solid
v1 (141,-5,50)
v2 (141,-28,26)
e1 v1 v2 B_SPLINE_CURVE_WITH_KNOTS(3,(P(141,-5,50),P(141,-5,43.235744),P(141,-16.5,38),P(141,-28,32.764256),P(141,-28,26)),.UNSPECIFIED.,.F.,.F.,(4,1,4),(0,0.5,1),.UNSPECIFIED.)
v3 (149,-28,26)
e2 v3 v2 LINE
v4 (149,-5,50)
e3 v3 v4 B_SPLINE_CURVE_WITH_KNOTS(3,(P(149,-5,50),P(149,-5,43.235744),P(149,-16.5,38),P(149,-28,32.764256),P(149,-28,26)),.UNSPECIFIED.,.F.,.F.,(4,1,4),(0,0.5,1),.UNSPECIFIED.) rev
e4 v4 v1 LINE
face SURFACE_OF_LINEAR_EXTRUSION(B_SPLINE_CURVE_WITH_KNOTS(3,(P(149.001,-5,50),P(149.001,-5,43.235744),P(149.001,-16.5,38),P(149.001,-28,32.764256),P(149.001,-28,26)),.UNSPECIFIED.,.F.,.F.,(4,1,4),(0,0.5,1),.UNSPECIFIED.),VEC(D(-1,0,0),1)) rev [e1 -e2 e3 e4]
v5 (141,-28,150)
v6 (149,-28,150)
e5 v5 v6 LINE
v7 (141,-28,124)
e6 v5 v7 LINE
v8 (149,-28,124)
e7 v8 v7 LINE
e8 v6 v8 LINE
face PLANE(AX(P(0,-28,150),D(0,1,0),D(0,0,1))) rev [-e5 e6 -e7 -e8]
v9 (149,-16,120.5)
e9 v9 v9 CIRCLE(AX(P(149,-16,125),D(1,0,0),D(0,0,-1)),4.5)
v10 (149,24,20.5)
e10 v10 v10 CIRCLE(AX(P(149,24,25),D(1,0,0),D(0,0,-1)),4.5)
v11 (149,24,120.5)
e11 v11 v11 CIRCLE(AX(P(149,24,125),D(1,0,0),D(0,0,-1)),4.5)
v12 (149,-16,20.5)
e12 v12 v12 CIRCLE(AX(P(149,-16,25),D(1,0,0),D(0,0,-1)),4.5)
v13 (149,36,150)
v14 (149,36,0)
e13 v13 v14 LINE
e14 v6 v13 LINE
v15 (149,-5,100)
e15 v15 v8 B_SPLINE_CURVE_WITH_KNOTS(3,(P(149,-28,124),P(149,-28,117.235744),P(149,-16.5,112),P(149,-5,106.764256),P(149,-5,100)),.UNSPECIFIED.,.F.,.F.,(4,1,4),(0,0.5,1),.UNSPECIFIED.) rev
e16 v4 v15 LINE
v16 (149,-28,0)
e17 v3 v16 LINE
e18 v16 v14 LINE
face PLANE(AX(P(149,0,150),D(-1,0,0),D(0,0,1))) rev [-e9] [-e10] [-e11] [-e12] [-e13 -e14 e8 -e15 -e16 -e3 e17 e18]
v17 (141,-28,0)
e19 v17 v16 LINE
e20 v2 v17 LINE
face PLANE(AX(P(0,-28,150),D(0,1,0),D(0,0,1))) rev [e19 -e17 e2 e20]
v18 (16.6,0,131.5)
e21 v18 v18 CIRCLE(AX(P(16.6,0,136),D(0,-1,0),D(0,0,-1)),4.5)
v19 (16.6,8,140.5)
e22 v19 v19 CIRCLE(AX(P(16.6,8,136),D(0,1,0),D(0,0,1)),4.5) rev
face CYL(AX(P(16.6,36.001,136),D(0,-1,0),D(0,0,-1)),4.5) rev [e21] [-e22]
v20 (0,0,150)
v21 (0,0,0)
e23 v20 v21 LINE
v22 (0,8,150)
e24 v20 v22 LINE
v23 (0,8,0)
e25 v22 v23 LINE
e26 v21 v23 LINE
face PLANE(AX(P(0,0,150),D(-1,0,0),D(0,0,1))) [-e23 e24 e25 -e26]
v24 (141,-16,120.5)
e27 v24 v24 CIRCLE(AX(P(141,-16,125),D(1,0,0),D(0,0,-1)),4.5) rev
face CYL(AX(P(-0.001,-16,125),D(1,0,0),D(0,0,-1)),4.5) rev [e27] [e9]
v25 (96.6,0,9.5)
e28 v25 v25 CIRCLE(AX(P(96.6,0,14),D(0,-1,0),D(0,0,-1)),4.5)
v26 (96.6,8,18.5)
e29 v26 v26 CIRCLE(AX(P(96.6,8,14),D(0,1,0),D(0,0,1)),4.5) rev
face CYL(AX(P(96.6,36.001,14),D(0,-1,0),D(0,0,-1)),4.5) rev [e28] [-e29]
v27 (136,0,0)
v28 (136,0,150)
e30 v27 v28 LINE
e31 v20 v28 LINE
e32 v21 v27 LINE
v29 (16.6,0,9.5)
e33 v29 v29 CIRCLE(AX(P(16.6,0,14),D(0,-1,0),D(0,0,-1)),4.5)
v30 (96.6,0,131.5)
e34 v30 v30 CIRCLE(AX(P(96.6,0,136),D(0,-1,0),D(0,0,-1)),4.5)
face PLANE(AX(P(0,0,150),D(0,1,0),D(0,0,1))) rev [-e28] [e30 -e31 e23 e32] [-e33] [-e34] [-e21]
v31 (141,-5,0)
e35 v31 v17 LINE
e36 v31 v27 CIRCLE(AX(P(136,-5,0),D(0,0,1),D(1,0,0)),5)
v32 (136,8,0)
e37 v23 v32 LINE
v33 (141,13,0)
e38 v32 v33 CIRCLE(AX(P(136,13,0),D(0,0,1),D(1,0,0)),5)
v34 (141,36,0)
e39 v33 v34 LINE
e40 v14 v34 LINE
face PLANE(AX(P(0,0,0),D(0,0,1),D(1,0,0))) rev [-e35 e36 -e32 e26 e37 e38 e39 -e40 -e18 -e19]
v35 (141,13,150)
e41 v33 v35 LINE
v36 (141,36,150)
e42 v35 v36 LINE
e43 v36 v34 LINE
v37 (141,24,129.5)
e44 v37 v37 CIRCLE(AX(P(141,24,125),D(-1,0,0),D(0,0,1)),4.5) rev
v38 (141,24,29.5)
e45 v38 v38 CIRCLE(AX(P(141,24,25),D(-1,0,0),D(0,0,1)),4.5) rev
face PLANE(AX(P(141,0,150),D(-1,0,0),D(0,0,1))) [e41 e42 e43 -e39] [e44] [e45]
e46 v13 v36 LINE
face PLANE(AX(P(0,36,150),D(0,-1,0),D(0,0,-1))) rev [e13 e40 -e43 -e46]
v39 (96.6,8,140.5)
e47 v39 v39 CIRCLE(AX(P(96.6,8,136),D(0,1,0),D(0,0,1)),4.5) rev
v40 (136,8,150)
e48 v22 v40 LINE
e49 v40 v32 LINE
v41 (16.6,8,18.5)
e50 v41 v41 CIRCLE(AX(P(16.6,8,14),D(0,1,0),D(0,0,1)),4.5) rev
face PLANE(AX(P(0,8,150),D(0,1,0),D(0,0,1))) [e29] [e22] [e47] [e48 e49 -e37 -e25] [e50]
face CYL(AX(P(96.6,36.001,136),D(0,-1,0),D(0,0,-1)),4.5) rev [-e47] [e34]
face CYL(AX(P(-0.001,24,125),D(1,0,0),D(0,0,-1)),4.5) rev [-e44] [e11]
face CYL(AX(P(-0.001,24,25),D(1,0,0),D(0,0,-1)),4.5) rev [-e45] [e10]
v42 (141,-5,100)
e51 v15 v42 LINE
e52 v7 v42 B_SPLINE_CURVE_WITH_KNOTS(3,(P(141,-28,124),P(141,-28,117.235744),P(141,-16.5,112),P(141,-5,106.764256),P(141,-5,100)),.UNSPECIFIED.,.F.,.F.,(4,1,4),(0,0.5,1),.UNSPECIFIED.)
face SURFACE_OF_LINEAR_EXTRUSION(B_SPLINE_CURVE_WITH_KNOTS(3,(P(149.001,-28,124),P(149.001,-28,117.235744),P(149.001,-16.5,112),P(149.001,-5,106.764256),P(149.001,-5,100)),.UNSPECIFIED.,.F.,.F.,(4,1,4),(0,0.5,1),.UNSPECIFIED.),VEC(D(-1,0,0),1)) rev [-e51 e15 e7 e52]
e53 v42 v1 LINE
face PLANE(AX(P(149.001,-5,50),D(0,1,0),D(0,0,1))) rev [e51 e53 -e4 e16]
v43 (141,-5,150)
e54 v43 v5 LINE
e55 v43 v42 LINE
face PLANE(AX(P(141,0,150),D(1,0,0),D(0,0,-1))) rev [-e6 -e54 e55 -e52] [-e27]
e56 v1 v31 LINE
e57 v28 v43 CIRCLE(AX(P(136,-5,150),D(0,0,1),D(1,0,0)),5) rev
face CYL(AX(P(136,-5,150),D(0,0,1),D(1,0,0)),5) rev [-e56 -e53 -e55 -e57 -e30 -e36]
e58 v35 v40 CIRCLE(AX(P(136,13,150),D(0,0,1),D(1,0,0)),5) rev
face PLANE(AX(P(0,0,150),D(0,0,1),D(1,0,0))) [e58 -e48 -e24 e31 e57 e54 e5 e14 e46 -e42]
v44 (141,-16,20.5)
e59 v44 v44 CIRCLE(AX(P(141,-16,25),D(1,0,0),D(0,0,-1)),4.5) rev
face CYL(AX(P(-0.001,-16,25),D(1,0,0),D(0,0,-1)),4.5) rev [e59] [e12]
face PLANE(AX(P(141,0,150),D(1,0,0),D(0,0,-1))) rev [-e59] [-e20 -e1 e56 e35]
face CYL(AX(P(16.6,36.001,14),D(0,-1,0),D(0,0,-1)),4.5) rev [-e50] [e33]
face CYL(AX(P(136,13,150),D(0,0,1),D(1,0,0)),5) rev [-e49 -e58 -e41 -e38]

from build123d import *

# Parameters (mm, degrees)
SKETCH2_W           = 141
SKETCH2_H           = 8
SKETCH2_W_2         = 8
SKETCH2_H_2         = 28
BOSS_EXTRUDE1_DEPTH = 150
CUT_EXTRUDE1_REACH  = 38
SKETCH3_R           = 4.5
CUT_EXTRUDE2_REACH  = 151
SKETCH5_R           = 4.5
FILLET1_R           = 5
CUT_EXTRUDE3_REACH  = 10


with BuildPart() as part:
    # Sketch2 → Boss-Extrude1 (new body)
    with BuildSketch(Plane.XY):
        with Locations((70.5, 4)):
            Rectangle(SKETCH2_W, SKETCH2_H)
        with Locations((145, 4)):
            Rectangle(SKETCH2_W_2, SKETCH2_H)
        with Locations((145, 22)):
            Rectangle(SKETCH2_W_2, SKETCH2_H_2)
        with Locations((145, -14)):
            Rectangle(SKETCH2_W_2, SKETCH2_H_2)
    extrude(amount=BOSS_EXTRUDE1_DEPTH)

    # Sketch3 → Cut-Extrude1 (cut, up to next)
    with BuildSketch(Plane.XZ, mode=Mode.PRIVATE) as cut_extrude1_sk1:
        with Locations((96.6, 136)):
            Circle(SKETCH3_R)
    cut_extrude1_tool1 = extrude(cut_extrude1_sk1.sketch, amount=-CUT_EXTRUDE1_REACH, mode=Mode.PRIVATE) & part.part
    add(cut_extrude1_tool1.solids().sort_by_distance((96.6, 0, 136))[0], mode=Mode.SUBTRACT)
    # Sketch3 → Cut-Extrude1 (cut, up to next)
    with BuildSketch(Plane.XZ, mode=Mode.PRIVATE) as cut_extrude1_sk2:
        with Locations((16.6, 136)):
            Circle(SKETCH3_R)
    cut_extrude1_tool2 = extrude(cut_extrude1_sk2.sketch, amount=-CUT_EXTRUDE1_REACH, mode=Mode.PRIVATE) & part.part
    add(cut_extrude1_tool2.solids().sort_by_distance((16.6, 0, 136))[0], mode=Mode.SUBTRACT)
    # Sketch3 → Cut-Extrude1 (cut, up to next)
    with BuildSketch(Plane.XZ, mode=Mode.PRIVATE) as cut_extrude1_sk3:
        with Locations((16.6, 14)):
            Circle(SKETCH3_R)
    cut_extrude1_tool3 = extrude(cut_extrude1_sk3.sketch, amount=-CUT_EXTRUDE1_REACH, mode=Mode.PRIVATE) & part.part
    add(cut_extrude1_tool3.solids().sort_by_distance((16.6, 0, 14))[0], mode=Mode.SUBTRACT)
    # Sketch3 → Cut-Extrude1 (cut, up to next)
    with BuildSketch(Plane.XZ, mode=Mode.PRIVATE) as cut_extrude1_sk4:
        with Locations((96.6, 14)):
            Circle(SKETCH3_R)
    cut_extrude1_tool4 = extrude(cut_extrude1_sk4.sketch, amount=-CUT_EXTRUDE1_REACH, mode=Mode.PRIVATE) & part.part
    add(cut_extrude1_tool4.solids().sort_by_distance((96.6, 0, 14))[0], mode=Mode.SUBTRACT)

    # Sketch5 → Cut-Extrude2 (cut, up to next)
    with BuildSketch(Plane(origin=(149, 0, 0), x_dir=(0, 0, -1), z_dir=(1, 0, 0)), mode=Mode.PRIVATE) as cut_extrude2_sk1:
        with Locations((-125, 24)):
            Circle(SKETCH5_R)
    cut_extrude2_tool1 = extrude(cut_extrude2_sk1.sketch, amount=-CUT_EXTRUDE2_REACH, mode=Mode.PRIVATE) & part.part
    add(cut_extrude2_tool1.solids().sort_by_distance((149, 24, 125))[0], mode=Mode.SUBTRACT)
    # Sketch5 → Cut-Extrude2 (cut, up to next)
    with BuildSketch(Plane(origin=(149, 0, 0), x_dir=(0, 0, -1), z_dir=(1, 0, 0)), mode=Mode.PRIVATE) as cut_extrude2_sk2:
        with Locations((-25, 24)):
            Circle(SKETCH5_R)
    cut_extrude2_tool2 = extrude(cut_extrude2_sk2.sketch, amount=-CUT_EXTRUDE2_REACH, mode=Mode.PRIVATE) & part.part
    add(cut_extrude2_tool2.solids().sort_by_distance((149, 24, 25))[0], mode=Mode.SUBTRACT)
    # Sketch5 → Cut-Extrude2 (cut, up to next)
    with BuildSketch(Plane(origin=(149, 0, 0), x_dir=(0, 0, -1), z_dir=(1, 0, 0)), mode=Mode.PRIVATE) as cut_extrude2_sk3:
        with Locations((-25, -16)):
            Circle(SKETCH5_R)
    cut_extrude2_tool3 = extrude(cut_extrude2_sk3.sketch, amount=-CUT_EXTRUDE2_REACH, mode=Mode.PRIVATE) & part.part
    add(cut_extrude2_tool3.solids().sort_by_distance((149, -16, 25))[0], mode=Mode.SUBTRACT)
    # Sketch5 → Cut-Extrude2 (cut, up to next)
    with BuildSketch(Plane(origin=(149, 0, 0), x_dir=(0, 0, -1), z_dir=(1, 0, 0)), mode=Mode.PRIVATE) as cut_extrude2_sk4:
        with Locations((-125, -16)):
            Circle(SKETCH5_R)
    cut_extrude2_tool4 = extrude(cut_extrude2_sk4.sketch, amount=-CUT_EXTRUDE2_REACH, mode=Mode.PRIVATE) & part.part
    add(cut_extrude2_tool4.solids().sort_by_distance((149, -16, 125))[0], mode=Mode.SUBTRACT)

    # Fillet1
    fillet1_edges = [part.edges().sort_by_distance(p)[0] for p in [
        (141, 8, 75),
        (141, 0, 75),
    ]]
    fillet(fillet1_edges, radius=FILLET1_R)

    # Sketch6 → Cut-Extrude3 (cut, up to next)
    with BuildSketch(Plane.ZY.offset(-141), mode=Mode.PRIVATE) as cut_extrude3_sk1:
        with BuildLine():
            Line((50, -5), (100, -5))
            add(Edge.make_bspline(
                [(124, -28), (117.235743552, -28), (112, -16.5), (106.764256448, -5), (100, -5)],
                knots=[0, 0, 0, 0, 0.5, 1, 1, 1, 1], degree=3))
            Line((124, -28), (26, -28))
            add(Edge.make_bspline(
                [(26, -28), (32.764256448, -28), (38, -16.5), (43.235743552, -5), (50, -5)],
                knots=[0, 0, 0, 0, 0.5, 1, 1, 1, 1], degree=3))
        make_face()
    cut_extrude3_tool1 = extrude(cut_extrude3_sk1.sketch, amount=-CUT_EXTRUDE3_REACH, mode=Mode.PRIVATE) & part.part
    add(cut_extrude3_tool1.solids().sort_by_distance((141, -17.262694, 75))[0], mode=Mode.SUBTRACT)


solid = part.part
